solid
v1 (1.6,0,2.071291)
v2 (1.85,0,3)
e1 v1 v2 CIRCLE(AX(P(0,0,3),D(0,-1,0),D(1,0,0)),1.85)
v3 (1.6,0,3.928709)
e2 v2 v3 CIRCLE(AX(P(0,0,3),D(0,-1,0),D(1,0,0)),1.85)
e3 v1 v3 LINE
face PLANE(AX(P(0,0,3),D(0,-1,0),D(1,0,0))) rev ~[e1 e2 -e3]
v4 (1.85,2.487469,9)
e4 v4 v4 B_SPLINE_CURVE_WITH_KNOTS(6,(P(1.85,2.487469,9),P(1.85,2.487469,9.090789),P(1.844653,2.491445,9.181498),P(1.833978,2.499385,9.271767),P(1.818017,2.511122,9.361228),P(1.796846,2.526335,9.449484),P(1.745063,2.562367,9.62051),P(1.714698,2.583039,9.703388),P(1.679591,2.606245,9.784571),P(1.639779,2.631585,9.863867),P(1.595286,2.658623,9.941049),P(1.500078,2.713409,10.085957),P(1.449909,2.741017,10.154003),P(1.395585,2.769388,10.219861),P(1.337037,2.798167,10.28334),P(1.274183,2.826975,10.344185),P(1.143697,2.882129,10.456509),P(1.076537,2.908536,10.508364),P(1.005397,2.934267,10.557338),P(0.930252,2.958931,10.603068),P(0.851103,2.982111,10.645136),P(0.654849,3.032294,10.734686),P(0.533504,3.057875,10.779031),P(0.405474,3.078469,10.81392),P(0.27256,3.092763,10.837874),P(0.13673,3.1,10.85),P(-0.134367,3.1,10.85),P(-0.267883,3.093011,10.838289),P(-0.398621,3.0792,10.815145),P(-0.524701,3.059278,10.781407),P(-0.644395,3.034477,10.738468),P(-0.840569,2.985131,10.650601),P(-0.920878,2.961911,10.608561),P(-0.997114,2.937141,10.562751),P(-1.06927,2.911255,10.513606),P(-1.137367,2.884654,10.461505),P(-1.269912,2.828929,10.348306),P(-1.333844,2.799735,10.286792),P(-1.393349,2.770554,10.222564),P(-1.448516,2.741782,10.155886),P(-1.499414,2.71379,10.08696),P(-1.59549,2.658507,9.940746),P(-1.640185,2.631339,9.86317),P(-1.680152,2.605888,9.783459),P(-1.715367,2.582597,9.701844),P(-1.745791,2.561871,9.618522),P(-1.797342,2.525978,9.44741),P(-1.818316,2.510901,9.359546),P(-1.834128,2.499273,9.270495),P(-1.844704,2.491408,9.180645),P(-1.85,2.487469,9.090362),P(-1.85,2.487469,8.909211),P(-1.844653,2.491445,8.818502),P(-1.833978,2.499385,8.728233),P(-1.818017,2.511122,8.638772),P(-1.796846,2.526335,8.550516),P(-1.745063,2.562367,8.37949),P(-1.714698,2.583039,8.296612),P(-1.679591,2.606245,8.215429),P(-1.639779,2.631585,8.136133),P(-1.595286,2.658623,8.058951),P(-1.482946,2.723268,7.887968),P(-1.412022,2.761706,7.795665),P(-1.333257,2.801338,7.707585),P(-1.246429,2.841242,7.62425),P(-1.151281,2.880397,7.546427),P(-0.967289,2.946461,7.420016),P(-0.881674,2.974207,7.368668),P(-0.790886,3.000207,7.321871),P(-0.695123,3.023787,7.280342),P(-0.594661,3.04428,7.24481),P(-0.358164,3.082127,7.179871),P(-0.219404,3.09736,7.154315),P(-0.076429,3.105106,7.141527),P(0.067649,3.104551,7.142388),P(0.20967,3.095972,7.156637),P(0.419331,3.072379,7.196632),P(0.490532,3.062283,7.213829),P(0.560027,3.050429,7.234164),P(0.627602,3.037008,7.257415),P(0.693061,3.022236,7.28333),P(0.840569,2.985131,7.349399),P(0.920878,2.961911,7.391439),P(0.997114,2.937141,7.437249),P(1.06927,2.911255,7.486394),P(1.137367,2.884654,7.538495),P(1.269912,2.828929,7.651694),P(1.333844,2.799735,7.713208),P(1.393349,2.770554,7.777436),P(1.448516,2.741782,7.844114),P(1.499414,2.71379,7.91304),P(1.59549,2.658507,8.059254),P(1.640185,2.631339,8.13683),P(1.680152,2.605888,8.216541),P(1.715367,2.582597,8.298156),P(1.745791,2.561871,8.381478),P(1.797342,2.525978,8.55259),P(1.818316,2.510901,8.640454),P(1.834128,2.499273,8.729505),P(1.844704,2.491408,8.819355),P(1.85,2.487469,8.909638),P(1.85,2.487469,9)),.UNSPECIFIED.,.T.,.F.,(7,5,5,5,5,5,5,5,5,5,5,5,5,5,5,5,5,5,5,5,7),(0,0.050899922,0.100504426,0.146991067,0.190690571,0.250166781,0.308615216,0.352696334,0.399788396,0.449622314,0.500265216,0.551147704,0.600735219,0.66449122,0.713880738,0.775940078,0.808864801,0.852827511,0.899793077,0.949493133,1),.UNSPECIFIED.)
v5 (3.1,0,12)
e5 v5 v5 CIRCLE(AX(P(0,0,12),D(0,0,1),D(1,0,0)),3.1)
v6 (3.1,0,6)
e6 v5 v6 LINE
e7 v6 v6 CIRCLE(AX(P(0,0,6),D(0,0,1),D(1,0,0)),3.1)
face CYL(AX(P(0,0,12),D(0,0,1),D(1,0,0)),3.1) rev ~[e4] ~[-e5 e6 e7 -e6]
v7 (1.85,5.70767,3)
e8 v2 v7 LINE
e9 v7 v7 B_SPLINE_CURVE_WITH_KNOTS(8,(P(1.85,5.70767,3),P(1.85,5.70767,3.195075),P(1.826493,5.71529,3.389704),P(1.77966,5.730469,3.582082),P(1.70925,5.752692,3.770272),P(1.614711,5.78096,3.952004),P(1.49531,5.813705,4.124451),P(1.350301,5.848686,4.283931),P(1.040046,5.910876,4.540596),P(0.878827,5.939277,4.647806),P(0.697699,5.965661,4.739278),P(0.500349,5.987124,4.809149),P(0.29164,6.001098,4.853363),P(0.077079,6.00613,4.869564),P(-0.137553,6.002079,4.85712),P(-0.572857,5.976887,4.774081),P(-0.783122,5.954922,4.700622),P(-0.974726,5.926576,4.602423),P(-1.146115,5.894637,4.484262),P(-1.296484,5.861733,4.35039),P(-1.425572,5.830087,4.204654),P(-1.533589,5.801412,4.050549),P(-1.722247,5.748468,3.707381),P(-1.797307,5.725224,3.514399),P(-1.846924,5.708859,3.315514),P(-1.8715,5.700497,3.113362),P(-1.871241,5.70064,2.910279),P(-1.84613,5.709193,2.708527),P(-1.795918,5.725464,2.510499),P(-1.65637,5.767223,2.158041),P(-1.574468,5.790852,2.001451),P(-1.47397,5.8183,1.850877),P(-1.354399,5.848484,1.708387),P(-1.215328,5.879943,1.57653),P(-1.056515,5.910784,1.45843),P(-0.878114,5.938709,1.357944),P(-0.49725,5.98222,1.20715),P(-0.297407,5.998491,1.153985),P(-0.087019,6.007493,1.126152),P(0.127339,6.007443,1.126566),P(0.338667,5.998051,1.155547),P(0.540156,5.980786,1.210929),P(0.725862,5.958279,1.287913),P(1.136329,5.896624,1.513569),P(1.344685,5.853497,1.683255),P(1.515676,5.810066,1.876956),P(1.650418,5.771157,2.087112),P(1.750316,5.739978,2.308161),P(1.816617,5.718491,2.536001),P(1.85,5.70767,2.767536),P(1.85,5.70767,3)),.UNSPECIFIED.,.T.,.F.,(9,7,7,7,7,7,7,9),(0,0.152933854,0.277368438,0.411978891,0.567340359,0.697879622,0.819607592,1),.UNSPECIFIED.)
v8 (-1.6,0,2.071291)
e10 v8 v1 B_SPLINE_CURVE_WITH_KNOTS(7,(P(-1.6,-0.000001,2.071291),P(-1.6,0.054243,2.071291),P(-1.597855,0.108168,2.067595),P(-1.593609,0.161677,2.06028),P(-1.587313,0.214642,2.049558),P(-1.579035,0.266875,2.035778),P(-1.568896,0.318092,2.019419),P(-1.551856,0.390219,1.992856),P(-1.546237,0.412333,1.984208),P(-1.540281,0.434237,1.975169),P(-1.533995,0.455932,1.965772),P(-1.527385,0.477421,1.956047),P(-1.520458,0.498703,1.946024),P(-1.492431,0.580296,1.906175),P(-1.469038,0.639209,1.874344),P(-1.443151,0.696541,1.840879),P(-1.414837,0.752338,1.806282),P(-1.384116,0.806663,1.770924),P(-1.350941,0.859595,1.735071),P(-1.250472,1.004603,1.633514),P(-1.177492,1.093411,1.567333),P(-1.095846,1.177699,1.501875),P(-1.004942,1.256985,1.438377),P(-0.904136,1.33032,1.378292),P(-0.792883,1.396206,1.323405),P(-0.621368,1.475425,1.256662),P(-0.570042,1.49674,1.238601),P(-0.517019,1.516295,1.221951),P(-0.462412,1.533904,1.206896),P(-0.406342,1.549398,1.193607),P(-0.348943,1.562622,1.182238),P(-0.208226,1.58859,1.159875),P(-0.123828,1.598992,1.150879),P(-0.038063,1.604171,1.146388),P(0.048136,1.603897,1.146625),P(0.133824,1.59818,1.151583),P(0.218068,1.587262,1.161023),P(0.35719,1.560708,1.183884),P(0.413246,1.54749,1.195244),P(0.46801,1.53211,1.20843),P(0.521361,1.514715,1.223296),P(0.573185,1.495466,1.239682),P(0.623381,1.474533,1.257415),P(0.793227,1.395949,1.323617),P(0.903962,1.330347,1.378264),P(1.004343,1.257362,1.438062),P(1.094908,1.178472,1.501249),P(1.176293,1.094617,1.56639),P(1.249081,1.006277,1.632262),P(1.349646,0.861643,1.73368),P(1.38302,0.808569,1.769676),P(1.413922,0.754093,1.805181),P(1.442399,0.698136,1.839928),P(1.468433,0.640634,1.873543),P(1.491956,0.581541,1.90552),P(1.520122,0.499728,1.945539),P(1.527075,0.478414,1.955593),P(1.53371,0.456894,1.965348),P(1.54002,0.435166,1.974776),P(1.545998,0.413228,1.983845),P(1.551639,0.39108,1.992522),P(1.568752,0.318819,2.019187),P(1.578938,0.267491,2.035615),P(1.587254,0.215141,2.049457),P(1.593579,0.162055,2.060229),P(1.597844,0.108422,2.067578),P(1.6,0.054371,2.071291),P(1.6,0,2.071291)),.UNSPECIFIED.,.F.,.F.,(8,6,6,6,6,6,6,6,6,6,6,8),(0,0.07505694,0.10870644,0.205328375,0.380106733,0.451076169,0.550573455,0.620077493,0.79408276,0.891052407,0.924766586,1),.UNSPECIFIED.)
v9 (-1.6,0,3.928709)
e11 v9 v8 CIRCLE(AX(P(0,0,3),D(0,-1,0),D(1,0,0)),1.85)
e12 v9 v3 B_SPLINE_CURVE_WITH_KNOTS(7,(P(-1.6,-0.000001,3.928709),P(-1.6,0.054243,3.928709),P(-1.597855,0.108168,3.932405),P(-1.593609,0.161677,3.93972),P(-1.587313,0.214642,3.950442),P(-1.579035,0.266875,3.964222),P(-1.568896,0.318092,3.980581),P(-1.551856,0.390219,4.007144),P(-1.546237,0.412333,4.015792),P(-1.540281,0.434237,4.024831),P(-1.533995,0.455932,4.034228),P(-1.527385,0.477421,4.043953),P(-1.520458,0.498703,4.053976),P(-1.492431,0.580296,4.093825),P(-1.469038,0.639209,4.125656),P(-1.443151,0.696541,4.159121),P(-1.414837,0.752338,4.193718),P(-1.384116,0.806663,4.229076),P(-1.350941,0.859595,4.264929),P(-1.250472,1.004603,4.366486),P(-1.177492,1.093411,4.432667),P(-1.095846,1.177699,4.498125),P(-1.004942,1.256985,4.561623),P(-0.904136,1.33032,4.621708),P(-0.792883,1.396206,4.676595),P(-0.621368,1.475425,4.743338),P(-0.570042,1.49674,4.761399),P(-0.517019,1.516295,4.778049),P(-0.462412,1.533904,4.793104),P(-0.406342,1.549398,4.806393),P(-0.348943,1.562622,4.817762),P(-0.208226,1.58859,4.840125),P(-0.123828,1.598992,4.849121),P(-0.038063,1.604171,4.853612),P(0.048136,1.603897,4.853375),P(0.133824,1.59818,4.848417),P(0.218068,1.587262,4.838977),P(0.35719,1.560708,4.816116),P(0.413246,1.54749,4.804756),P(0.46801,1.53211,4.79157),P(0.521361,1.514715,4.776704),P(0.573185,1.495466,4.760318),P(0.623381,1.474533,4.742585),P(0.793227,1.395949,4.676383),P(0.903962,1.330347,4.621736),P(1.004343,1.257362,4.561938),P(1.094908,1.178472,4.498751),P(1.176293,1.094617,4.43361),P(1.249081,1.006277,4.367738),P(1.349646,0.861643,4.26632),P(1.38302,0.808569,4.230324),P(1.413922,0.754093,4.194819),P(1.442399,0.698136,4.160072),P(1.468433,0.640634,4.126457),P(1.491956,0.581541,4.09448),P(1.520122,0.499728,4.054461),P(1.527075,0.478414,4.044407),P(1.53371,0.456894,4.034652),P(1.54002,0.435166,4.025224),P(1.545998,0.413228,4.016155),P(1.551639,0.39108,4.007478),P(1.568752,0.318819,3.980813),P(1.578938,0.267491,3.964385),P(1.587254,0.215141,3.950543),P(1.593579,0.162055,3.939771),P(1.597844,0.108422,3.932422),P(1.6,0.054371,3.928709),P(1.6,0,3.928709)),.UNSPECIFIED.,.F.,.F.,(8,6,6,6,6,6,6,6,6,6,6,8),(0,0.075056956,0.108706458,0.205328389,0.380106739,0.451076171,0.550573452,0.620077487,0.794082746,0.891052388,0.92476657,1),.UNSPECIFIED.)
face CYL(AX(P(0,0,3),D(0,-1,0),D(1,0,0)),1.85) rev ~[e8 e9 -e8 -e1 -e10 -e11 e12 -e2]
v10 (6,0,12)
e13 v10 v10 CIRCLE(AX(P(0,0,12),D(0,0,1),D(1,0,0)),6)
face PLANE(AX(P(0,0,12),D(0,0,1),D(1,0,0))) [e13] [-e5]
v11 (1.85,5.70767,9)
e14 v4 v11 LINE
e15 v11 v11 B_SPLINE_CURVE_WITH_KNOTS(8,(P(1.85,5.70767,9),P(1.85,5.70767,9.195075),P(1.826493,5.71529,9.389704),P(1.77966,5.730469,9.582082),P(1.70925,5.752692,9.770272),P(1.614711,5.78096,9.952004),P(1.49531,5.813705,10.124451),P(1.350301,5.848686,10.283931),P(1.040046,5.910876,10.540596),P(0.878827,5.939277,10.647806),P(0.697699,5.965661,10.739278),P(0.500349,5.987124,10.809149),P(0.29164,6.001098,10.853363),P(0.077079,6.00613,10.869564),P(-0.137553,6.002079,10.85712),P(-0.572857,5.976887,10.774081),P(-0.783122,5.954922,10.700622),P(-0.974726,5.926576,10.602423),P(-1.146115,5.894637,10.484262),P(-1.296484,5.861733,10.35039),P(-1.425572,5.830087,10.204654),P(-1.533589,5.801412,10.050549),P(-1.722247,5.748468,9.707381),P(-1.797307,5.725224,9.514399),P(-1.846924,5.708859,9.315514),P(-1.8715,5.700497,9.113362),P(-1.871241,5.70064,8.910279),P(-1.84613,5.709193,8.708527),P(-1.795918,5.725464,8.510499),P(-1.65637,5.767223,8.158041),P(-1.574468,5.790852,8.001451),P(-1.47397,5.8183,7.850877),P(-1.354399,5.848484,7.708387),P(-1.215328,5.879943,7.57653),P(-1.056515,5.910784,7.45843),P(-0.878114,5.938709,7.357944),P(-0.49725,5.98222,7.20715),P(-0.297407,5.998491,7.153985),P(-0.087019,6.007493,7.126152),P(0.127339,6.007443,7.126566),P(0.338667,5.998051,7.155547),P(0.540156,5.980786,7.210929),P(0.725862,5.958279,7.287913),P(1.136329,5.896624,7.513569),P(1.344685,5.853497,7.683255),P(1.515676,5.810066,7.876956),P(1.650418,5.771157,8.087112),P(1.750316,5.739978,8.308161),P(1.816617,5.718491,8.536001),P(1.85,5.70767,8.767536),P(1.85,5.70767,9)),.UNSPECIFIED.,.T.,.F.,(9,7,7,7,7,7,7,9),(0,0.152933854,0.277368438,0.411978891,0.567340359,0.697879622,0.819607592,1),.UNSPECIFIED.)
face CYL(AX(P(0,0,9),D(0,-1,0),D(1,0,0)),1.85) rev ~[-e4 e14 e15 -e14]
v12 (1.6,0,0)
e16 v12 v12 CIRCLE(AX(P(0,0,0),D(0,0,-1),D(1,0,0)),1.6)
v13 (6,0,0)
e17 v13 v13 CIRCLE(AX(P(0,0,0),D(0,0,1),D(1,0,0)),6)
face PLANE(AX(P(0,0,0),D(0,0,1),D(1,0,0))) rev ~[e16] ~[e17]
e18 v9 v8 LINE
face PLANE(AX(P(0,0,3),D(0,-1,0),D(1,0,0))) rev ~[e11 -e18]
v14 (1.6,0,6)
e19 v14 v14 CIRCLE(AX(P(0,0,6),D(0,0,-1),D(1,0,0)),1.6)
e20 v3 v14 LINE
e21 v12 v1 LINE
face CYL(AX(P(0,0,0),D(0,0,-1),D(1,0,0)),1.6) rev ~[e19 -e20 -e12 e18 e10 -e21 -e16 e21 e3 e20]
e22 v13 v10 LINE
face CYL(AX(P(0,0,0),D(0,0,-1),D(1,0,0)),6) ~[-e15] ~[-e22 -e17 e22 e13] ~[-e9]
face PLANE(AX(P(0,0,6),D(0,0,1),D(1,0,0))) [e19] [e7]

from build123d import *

# Parameters (mm, degrees)
SKETCH_R        = 6
PAD_DEPTH       = 12
SKETCH001_R     = 3.1
POCKET_DEPTH    = 6
SKETCH002_R     = 1.6
POCKET001_DEPTH = 6
SKETCH003_R     = 1.85
POCKET002_DEPTH = 6.001


with BuildPart() as part:
    # Sketch → Pad (new body)
    with BuildSketch(Plane.XY):
        Circle(SKETCH_R)
    extrude(amount=PAD_DEPTH)

    # Sketch001 (on Face3 of Pad) → Pocket (cut)
    with BuildSketch(Plane.XY.offset(12)):
        Circle(SKETCH001_R)
    extrude(amount=-POCKET_DEPTH, mode=Mode.SUBTRACT)

    # Sketch002 (on Face2 of Pocket) → Pocket001 (cut)
    with BuildSketch(Plane(origin=(0, 0, 0), x_dir=(1, 0, 0), z_dir=(0, 0, -1))):
        Circle(SKETCH002_R)
    extrude(amount=-POCKET001_DEPTH, mode=Mode.SUBTRACT)

    # Sketch003 → Pocket002 (cut, through all)
    with BuildSketch(Plane.XZ):
        with Locations((0, 9)):
            Circle(SKETCH003_R)
        with Locations((0, 3)):
            Circle(SKETCH003_R)
    extrude(amount=-POCKET002_DEPTH, mode=Mode.SUBTRACT)


solid = part.part
